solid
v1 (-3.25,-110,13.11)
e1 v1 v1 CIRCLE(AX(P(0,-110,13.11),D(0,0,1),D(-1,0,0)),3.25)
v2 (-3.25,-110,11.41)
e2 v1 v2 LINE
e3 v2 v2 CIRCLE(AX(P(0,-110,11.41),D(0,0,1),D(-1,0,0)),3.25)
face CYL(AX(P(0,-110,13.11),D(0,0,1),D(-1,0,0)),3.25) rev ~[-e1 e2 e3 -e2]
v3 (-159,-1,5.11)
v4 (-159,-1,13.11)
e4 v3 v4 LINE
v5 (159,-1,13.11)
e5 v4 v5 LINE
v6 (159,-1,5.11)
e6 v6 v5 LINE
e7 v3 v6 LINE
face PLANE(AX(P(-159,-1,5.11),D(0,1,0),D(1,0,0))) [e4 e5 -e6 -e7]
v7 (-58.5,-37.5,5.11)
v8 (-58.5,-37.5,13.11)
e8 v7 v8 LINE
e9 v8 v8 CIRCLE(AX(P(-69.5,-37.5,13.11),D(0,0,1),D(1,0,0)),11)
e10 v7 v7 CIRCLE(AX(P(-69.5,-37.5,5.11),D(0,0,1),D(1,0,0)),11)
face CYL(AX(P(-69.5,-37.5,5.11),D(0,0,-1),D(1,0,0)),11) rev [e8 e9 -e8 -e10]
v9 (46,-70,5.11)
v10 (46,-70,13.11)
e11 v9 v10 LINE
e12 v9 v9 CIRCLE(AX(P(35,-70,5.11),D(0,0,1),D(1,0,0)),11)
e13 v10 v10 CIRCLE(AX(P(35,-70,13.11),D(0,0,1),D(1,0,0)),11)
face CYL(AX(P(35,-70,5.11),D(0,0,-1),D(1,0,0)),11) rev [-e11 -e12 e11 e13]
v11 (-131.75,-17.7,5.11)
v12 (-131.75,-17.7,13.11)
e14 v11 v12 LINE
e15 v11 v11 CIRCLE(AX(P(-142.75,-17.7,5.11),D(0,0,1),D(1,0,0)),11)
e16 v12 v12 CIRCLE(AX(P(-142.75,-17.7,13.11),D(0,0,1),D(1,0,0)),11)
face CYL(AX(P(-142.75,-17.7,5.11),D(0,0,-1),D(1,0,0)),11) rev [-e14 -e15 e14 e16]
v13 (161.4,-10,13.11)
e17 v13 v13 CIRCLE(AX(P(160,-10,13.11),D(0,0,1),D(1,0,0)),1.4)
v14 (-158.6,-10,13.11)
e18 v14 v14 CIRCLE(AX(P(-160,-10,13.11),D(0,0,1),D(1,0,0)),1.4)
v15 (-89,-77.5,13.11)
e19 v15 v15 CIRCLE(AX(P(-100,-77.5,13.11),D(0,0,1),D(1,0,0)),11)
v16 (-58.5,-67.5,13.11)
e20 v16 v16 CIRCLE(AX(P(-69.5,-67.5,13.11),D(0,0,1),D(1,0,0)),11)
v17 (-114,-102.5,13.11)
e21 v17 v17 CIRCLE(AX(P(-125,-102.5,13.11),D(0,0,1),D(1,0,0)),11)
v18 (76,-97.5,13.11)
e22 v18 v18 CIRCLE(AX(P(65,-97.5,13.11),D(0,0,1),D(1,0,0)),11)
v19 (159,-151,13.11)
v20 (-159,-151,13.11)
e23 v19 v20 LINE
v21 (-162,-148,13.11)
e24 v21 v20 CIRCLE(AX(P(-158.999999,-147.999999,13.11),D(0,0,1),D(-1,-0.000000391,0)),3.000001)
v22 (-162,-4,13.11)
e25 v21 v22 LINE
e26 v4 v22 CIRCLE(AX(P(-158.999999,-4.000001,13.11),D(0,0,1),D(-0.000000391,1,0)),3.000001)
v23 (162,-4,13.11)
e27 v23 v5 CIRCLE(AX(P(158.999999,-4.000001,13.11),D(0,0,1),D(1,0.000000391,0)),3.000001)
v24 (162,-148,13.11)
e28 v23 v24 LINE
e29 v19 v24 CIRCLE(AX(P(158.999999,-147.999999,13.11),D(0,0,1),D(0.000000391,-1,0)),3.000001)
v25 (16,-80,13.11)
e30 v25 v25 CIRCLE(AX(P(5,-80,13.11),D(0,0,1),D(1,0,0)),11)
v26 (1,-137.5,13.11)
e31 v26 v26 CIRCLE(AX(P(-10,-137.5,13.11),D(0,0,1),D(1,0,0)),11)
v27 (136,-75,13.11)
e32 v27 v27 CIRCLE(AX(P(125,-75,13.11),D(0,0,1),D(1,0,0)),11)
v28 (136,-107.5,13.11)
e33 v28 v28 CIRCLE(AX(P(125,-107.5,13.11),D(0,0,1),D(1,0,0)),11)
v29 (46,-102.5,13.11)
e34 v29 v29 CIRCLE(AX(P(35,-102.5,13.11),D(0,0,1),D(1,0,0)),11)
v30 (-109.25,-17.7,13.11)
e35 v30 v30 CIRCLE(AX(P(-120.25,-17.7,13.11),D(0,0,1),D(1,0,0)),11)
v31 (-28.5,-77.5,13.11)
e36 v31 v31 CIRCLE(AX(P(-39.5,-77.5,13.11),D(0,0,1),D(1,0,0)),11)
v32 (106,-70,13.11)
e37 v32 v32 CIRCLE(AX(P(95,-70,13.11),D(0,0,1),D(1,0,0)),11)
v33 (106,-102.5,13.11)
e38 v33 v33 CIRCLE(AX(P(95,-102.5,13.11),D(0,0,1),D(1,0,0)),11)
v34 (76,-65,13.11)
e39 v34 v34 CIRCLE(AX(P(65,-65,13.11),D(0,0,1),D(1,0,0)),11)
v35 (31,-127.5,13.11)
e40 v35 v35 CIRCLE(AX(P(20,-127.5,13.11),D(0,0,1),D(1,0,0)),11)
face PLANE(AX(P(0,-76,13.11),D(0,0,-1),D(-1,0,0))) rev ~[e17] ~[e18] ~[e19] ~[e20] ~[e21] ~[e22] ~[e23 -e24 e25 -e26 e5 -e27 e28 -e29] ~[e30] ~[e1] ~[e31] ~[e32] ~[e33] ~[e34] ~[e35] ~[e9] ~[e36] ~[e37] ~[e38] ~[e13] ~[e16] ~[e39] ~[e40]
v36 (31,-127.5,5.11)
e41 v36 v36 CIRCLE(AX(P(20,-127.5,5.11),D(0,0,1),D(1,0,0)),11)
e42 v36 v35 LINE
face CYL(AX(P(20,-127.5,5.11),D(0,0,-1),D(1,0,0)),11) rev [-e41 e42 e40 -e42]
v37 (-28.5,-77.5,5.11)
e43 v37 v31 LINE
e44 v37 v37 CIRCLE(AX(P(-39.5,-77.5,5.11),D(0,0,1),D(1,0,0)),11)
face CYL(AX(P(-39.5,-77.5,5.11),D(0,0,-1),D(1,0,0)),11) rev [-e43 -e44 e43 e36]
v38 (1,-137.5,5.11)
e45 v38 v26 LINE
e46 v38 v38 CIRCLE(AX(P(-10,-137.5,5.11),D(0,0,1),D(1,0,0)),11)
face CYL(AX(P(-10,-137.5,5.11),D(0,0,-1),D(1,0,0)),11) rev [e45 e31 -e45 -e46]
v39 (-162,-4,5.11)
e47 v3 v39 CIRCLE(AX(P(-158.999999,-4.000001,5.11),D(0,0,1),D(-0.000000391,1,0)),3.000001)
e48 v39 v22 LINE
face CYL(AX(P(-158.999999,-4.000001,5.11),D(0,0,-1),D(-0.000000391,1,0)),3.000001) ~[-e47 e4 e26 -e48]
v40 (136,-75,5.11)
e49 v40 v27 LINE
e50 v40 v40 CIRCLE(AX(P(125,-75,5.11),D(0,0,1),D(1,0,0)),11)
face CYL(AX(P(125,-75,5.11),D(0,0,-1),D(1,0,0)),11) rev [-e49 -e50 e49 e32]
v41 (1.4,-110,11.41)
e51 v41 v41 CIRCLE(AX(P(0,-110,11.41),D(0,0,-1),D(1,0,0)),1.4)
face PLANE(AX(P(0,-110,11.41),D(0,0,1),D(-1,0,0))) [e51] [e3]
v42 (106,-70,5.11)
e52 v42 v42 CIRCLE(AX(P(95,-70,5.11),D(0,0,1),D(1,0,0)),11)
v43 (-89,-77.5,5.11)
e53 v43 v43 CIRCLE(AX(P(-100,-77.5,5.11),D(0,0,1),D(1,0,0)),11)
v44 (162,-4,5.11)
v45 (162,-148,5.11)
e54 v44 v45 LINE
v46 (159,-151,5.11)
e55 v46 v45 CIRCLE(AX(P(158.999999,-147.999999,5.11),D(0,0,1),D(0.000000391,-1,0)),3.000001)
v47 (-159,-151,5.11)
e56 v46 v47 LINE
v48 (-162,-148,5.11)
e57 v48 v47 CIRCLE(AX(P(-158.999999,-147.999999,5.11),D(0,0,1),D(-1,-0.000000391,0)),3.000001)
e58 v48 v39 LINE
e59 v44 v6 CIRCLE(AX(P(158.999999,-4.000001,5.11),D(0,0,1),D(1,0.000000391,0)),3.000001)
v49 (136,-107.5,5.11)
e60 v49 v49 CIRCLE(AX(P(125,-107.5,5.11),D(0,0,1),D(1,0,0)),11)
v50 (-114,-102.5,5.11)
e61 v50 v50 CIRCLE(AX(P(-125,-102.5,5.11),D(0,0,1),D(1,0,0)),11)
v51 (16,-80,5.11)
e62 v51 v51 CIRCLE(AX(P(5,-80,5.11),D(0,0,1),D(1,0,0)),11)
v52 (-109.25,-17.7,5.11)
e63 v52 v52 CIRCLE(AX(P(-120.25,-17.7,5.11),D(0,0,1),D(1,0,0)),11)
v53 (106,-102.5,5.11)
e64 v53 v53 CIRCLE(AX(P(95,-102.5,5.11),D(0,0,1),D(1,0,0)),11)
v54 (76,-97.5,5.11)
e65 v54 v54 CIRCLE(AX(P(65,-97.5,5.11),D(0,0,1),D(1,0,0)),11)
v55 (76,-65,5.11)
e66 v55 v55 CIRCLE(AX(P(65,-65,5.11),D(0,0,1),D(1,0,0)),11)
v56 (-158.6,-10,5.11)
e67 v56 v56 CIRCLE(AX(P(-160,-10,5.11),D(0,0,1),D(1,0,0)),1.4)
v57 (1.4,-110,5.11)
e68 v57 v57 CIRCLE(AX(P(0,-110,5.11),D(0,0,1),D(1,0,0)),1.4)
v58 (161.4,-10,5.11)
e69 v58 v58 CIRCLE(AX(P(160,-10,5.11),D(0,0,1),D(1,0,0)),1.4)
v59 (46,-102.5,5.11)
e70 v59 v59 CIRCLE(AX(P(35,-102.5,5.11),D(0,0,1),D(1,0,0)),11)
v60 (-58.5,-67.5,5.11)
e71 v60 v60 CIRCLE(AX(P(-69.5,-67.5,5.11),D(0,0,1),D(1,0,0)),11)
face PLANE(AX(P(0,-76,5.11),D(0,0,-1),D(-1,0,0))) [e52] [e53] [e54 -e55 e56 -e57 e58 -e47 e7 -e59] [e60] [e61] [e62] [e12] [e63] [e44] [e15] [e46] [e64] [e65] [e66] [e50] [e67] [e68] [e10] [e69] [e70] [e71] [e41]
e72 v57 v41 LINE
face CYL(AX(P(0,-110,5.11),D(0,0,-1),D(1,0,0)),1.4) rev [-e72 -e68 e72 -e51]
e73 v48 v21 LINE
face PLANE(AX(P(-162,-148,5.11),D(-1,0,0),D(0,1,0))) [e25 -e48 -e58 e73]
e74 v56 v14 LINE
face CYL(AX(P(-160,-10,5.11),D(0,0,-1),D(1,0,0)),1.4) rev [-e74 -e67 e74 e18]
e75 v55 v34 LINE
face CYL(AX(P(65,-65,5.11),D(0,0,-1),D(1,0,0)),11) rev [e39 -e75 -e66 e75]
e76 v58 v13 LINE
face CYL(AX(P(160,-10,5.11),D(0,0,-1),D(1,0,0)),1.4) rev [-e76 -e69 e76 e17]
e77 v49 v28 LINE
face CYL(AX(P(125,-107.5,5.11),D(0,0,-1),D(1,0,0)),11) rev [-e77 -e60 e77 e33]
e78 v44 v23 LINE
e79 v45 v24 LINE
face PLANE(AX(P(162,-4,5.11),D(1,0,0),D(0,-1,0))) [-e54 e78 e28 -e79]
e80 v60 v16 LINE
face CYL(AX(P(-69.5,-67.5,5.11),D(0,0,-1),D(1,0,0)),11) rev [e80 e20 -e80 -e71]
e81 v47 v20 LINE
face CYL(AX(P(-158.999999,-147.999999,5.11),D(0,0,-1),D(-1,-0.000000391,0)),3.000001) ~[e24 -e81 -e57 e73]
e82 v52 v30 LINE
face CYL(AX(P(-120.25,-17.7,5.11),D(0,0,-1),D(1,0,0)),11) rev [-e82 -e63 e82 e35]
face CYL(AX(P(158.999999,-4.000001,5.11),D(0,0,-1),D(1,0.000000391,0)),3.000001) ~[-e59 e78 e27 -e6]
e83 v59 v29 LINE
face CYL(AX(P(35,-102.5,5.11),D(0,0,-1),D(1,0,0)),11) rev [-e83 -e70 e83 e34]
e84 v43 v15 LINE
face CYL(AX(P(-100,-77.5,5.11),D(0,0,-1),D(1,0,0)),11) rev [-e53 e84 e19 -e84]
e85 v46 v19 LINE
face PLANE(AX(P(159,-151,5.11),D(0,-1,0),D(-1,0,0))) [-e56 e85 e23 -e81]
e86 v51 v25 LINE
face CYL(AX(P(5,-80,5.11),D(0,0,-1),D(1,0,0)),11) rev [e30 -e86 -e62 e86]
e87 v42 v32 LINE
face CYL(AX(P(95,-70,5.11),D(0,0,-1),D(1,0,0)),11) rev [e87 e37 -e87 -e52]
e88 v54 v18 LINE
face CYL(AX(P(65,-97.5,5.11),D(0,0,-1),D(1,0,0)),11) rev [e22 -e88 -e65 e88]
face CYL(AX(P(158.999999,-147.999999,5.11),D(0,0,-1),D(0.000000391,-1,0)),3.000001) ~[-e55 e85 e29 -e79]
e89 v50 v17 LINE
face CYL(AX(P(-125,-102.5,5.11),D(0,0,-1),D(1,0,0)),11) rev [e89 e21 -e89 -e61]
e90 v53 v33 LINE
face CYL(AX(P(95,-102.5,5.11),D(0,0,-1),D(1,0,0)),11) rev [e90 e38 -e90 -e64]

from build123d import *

# Parameters (mm, degrees)
PAD002_DEPTH  = 8
SKETCH008_R   = 11
HOLE001_DEPTH = 8
SKETCH009_R   = 1.4
HOLE002_DEPTH = 8
SKETCH010_R   = 3.25
HOLE003_DEPTH = 1.7


with BuildPart() as part:
    # Sketch007 → Pad002 (new body)
    with BuildSketch(Plane.XY):
        with BuildLine():
            Line((-159, -1), (159, -1))
            ThreePointArc((162, -4), (161.12132, -1.87868), (159, -1))
            Line((162, -4), (162, -148))
            ThreePointArc((159, -151), (161.12132, -150.12132), (162, -148))
            Line((159, -151), (-159, -151))
            ThreePointArc((-162, -148), (-161.12132, -150.12132), (-159, -151))
            Line((-162, -148), (-162, -4))
            ThreePointArc((-159, -1), (-161.12132, -1.87868), (-162, -4))
        make_face()
    extrude(amount=PAD002_DEPTH)

    # Sketch008 → Hole001 (cut)
    with BuildSketch(Plane.XY):
        with Locations((-142.75, -17.7)):
            Circle(SKETCH008_R)
        with Locations((-120.25, -17.7)):
            Circle(SKETCH008_R)
        with Locations((-69.5, -37.5)):
            Circle(SKETCH008_R)
        with Locations((-69.5, -67.5)):
            Circle(SKETCH008_R)
        with Locations((-100, -77.5)):
            Circle(SKETCH008_R)
        with Locations((-125, -102.5)):
            Circle(SKETCH008_R)
        with Locations((-39.5, -77.5)):
            Circle(SKETCH008_R)
        with Locations((5, -80)):
            Circle(SKETCH008_R)
        with Locations((35, -70)):
            Circle(SKETCH008_R)
        with Locations((65, -65)):
            Circle(SKETCH008_R)
        with Locations((95, -70)):
            Circle(SKETCH008_R)
        with Locations((125, -75)):
            Circle(SKETCH008_R)
        with Locations((-10, -137.5)):
            Circle(SKETCH008_R)
        with Locations((20, -127.5)):
            Circle(SKETCH008_R)
        with Locations((35, -102.5)):
            Circle(SKETCH008_R)
        with Locations((65, -97.5)):
            Circle(SKETCH008_R)
        with Locations((95, -102.5)):
            Circle(SKETCH008_R)
        with Locations((125, -107.5)):
            Circle(SKETCH008_R)
    extrude(amount=HOLE001_DEPTH, mode=Mode.SUBTRACT)

    # Sketch009 → Hole002 (cut)
    with BuildSketch(Plane.XY):
        with Locations((0, -210)):
            Circle(SKETCH009_R)
        with Locations((160, -210)):
            Circle(SKETCH009_R)
        with Locations((160, -10)):
            Circle(SKETCH009_R)
        with Locations((-160, -210)):
            Circle(SKETCH009_R)
        with Locations((-160, -10)):
            Circle(SKETCH009_R)
        with Locations((0, -110)):
            Circle(SKETCH009_R)
    extrude(amount=HOLE002_DEPTH, mode=Mode.SUBTRACT)

    # Sketch010 → Hole003 (cut)
    with BuildSketch(Plane(origin=(0, 0, 8), x_dir=(-1, 0, 0), z_dir=(0, 0, 1))):
        with Locations((0, 110)):
            Circle(SKETCH010_R)
    extrude(amount=-HOLE003_DEPTH, mode=Mode.SUBTRACT)


with BuildPart() as part_1:
    # Body001 placement: moved
    add(part.part.moved(Location((0, 0, 5.11))))


solid = part_1.part
